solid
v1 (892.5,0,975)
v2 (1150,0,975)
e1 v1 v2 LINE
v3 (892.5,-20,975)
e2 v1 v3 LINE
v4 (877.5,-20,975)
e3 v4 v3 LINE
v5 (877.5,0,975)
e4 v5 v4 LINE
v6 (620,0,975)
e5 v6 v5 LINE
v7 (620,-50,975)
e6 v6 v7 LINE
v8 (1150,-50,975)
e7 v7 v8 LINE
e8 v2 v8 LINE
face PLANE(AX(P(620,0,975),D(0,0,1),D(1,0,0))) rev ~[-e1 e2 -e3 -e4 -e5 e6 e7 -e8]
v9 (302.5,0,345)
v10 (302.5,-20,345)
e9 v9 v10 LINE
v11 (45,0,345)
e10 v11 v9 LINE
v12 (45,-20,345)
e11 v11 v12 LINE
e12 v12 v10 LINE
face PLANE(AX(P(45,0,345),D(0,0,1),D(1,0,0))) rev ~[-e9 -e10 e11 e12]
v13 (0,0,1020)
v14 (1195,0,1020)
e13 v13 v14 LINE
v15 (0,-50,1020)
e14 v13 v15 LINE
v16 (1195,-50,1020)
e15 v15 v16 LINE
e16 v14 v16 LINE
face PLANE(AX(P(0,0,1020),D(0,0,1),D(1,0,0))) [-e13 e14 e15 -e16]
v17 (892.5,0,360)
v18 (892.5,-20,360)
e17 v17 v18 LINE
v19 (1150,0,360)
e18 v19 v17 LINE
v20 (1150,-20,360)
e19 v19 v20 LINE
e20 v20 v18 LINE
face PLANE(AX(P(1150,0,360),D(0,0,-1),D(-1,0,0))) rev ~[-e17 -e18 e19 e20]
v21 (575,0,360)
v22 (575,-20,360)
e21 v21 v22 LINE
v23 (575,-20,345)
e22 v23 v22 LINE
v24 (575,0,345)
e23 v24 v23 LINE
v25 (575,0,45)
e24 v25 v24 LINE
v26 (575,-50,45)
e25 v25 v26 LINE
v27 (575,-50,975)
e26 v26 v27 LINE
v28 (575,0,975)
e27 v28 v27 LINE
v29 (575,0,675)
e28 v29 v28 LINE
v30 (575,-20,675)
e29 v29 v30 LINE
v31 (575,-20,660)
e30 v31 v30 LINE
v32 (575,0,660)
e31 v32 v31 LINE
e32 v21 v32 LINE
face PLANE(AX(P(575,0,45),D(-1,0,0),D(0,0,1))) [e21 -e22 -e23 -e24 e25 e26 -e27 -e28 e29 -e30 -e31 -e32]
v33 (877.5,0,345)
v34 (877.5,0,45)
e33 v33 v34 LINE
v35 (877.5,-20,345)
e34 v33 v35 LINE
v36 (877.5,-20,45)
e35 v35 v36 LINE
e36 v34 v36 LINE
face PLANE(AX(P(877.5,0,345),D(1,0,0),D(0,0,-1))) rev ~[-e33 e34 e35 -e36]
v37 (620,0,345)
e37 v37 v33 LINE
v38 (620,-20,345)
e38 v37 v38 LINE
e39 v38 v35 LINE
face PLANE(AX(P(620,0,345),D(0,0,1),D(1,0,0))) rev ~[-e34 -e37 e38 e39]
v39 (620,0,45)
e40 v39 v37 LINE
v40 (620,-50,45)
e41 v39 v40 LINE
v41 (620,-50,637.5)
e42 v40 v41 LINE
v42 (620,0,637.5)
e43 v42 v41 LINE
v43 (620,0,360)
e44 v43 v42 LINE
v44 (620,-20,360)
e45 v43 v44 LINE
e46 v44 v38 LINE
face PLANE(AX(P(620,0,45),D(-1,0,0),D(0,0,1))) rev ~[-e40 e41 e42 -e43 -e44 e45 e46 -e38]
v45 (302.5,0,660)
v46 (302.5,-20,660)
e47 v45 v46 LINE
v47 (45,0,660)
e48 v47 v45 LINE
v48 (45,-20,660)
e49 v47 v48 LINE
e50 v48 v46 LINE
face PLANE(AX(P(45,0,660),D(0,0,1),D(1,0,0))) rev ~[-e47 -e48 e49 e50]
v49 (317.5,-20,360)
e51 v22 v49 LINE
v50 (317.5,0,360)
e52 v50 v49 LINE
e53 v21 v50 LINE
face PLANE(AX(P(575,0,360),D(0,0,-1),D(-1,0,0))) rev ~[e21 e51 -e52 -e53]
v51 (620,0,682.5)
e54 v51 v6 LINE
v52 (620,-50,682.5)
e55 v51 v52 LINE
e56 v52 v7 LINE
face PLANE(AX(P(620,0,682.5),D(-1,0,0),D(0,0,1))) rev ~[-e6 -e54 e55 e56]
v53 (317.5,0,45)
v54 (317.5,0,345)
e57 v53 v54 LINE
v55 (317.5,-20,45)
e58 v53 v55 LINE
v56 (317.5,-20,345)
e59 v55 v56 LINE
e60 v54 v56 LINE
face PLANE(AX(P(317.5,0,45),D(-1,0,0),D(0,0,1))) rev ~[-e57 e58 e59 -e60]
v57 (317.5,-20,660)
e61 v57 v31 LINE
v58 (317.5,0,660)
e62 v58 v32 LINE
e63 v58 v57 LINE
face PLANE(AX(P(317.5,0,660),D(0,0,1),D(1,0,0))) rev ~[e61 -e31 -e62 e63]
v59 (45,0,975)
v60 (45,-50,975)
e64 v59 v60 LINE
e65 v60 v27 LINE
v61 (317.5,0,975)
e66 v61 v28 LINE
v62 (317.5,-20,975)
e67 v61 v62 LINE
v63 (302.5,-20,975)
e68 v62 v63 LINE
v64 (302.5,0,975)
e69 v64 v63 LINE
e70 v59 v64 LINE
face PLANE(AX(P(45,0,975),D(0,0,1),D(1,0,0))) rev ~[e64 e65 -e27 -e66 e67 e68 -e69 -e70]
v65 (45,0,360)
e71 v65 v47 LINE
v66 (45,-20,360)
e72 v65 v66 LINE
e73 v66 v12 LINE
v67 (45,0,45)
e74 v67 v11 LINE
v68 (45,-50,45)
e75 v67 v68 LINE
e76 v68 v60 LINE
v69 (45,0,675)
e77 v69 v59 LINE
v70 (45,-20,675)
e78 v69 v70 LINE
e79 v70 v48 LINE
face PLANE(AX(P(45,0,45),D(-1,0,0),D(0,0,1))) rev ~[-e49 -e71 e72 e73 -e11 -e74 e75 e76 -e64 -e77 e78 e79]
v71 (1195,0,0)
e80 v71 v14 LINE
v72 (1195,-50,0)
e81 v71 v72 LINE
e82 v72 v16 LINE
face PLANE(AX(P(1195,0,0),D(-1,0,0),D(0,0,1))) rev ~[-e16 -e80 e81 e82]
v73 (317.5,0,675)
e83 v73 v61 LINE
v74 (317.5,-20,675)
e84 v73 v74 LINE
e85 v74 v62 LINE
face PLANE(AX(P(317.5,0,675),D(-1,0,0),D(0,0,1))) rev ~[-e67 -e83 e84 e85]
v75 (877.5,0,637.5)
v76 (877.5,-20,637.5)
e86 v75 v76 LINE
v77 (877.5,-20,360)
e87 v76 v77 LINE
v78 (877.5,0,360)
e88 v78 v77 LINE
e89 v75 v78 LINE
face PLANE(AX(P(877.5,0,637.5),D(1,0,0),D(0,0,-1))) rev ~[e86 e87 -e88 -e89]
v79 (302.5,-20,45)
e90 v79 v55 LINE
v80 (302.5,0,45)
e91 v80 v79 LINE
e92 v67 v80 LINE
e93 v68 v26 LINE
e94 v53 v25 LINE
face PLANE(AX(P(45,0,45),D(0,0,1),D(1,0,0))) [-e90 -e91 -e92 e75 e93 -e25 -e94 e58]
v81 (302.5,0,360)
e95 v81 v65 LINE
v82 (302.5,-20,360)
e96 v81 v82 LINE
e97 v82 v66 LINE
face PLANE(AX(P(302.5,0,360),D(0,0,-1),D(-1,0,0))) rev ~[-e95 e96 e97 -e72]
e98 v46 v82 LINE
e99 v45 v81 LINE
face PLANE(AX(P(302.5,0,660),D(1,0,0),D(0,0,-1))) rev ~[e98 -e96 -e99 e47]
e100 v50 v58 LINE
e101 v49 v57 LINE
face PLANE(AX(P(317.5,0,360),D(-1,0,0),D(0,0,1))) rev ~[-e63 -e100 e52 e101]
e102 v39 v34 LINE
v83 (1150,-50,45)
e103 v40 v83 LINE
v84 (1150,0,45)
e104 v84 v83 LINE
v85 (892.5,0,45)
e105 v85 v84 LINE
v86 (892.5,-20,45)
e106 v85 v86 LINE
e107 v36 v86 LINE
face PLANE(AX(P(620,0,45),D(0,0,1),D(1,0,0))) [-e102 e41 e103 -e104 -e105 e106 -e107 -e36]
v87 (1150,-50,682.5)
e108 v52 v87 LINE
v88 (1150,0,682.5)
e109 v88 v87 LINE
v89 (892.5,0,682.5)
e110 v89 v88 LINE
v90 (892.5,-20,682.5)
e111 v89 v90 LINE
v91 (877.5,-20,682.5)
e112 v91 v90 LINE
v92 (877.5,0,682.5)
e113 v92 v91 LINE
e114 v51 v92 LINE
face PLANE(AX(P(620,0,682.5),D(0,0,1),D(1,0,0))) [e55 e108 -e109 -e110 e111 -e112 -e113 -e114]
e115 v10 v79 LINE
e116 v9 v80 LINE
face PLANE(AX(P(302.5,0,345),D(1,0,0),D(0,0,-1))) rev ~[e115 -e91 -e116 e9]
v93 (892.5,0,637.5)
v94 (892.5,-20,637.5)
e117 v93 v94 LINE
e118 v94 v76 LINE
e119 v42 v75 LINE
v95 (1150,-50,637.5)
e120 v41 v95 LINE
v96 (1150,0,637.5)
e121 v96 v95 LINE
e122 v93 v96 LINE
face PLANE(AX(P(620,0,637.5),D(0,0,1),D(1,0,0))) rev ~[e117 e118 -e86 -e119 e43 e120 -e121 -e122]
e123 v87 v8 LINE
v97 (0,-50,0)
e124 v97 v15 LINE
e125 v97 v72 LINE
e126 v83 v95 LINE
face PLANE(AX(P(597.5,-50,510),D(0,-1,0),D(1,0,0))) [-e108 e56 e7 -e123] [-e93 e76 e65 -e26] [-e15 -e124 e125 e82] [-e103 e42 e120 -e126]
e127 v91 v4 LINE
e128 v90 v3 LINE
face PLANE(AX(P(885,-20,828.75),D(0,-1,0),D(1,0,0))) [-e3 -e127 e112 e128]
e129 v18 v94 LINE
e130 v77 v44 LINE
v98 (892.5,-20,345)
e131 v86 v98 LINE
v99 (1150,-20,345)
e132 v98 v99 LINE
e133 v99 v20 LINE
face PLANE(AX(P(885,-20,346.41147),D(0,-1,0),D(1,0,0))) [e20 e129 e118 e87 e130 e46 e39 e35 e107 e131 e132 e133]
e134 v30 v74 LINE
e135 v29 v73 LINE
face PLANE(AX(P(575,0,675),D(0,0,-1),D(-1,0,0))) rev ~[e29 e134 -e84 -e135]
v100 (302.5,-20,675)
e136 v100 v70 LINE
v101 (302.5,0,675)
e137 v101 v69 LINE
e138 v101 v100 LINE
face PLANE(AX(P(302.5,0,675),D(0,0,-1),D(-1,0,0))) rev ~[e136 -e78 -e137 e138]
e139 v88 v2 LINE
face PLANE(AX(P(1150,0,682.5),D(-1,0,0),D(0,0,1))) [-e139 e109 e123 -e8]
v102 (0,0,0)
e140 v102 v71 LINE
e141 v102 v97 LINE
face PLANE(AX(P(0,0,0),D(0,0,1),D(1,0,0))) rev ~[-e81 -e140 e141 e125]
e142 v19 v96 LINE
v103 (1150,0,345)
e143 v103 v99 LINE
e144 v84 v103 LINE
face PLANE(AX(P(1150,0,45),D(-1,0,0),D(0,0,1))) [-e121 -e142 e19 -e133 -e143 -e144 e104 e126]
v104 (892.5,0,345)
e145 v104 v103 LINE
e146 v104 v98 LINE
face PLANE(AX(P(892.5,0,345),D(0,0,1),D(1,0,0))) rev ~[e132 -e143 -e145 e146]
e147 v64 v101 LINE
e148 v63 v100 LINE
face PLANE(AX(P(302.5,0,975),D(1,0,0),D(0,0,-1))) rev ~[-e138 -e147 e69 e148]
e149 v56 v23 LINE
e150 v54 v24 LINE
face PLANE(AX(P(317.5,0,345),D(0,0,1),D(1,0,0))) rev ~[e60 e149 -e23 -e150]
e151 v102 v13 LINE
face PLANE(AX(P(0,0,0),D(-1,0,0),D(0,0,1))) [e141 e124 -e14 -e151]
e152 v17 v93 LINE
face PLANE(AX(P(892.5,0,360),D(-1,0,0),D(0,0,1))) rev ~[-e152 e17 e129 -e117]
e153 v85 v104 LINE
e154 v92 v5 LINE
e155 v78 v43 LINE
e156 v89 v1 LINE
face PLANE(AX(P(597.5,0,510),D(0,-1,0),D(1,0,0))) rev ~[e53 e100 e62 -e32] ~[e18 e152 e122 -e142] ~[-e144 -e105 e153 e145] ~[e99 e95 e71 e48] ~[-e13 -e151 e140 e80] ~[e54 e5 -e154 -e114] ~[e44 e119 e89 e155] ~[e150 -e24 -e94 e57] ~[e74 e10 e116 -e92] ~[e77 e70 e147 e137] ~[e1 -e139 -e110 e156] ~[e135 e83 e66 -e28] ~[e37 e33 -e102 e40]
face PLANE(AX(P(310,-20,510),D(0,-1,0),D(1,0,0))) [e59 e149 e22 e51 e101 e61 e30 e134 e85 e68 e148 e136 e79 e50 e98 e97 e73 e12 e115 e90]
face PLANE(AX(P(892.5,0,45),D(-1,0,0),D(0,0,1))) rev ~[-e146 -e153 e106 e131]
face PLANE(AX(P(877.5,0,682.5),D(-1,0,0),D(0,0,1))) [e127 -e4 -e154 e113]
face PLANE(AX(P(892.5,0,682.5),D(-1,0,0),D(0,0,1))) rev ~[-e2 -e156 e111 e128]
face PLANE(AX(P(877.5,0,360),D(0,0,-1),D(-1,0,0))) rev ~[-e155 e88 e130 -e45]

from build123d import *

# Parameters (mm, degrees)
F0_W     = 1195
F0_H     = 1020
F0_W_2   = 530
F0_H_2   = 592.5
F0_H_3   = 930
F0_H_4   = 292.5
F1_DEPTH = 50
F2_W     = 15
F2_H     = 292.5
F3_DEPTH = 20


with BuildPart() as f1:
    # F0 (on Front) → F1 (new body)
    with BuildSketch(Plane.XZ):
        with Locations((597.5, 510)):
            Rectangle(F0_W, F0_H)
        with Locations((885, 341.25)):
            Rectangle(F0_W_2, F0_H_2, mode=Mode.SUBTRACT)
        with Locations((310, 510)):
            Rectangle(F0_W_2, F0_H_3, mode=Mode.SUBTRACT)
        with Locations((885, 828.75)):
            Rectangle(F0_W_2, F0_H_4, mode=Mode.SUBTRACT)
    extrude(amount=F1_DEPTH)

    # F2 (on Front) → F3 (join)
    with BuildSketch(Plane.XZ):
        Polygon((317.5, 975), (302.5, 975), (302.5, 675), (45, 675), (45, 660), (302.5, 660), (302.5, 360), (45, 360), (45, 345), (302.5, 345), (302.5, 45), (317.5, 45), (317.5, 345), (575, 345), (575, 360), (317.5, 360), (317.5, 660), (575, 660), (575, 675), (317.5, 675), align=None)
        Polygon((877.5, 360), (620, 360), (620, 345), (877.5, 345), (877.5, 45), (892.5, 45), (892.5, 345), (1150, 345), (1150, 360), (892.5, 360), (892.5, 637.5), (877.5, 637.5), align=None)
        with Locations((885, 828.75)):
            Rectangle(F2_W, F2_H)
    extrude(amount=F3_DEPTH)


solid = f1.part
